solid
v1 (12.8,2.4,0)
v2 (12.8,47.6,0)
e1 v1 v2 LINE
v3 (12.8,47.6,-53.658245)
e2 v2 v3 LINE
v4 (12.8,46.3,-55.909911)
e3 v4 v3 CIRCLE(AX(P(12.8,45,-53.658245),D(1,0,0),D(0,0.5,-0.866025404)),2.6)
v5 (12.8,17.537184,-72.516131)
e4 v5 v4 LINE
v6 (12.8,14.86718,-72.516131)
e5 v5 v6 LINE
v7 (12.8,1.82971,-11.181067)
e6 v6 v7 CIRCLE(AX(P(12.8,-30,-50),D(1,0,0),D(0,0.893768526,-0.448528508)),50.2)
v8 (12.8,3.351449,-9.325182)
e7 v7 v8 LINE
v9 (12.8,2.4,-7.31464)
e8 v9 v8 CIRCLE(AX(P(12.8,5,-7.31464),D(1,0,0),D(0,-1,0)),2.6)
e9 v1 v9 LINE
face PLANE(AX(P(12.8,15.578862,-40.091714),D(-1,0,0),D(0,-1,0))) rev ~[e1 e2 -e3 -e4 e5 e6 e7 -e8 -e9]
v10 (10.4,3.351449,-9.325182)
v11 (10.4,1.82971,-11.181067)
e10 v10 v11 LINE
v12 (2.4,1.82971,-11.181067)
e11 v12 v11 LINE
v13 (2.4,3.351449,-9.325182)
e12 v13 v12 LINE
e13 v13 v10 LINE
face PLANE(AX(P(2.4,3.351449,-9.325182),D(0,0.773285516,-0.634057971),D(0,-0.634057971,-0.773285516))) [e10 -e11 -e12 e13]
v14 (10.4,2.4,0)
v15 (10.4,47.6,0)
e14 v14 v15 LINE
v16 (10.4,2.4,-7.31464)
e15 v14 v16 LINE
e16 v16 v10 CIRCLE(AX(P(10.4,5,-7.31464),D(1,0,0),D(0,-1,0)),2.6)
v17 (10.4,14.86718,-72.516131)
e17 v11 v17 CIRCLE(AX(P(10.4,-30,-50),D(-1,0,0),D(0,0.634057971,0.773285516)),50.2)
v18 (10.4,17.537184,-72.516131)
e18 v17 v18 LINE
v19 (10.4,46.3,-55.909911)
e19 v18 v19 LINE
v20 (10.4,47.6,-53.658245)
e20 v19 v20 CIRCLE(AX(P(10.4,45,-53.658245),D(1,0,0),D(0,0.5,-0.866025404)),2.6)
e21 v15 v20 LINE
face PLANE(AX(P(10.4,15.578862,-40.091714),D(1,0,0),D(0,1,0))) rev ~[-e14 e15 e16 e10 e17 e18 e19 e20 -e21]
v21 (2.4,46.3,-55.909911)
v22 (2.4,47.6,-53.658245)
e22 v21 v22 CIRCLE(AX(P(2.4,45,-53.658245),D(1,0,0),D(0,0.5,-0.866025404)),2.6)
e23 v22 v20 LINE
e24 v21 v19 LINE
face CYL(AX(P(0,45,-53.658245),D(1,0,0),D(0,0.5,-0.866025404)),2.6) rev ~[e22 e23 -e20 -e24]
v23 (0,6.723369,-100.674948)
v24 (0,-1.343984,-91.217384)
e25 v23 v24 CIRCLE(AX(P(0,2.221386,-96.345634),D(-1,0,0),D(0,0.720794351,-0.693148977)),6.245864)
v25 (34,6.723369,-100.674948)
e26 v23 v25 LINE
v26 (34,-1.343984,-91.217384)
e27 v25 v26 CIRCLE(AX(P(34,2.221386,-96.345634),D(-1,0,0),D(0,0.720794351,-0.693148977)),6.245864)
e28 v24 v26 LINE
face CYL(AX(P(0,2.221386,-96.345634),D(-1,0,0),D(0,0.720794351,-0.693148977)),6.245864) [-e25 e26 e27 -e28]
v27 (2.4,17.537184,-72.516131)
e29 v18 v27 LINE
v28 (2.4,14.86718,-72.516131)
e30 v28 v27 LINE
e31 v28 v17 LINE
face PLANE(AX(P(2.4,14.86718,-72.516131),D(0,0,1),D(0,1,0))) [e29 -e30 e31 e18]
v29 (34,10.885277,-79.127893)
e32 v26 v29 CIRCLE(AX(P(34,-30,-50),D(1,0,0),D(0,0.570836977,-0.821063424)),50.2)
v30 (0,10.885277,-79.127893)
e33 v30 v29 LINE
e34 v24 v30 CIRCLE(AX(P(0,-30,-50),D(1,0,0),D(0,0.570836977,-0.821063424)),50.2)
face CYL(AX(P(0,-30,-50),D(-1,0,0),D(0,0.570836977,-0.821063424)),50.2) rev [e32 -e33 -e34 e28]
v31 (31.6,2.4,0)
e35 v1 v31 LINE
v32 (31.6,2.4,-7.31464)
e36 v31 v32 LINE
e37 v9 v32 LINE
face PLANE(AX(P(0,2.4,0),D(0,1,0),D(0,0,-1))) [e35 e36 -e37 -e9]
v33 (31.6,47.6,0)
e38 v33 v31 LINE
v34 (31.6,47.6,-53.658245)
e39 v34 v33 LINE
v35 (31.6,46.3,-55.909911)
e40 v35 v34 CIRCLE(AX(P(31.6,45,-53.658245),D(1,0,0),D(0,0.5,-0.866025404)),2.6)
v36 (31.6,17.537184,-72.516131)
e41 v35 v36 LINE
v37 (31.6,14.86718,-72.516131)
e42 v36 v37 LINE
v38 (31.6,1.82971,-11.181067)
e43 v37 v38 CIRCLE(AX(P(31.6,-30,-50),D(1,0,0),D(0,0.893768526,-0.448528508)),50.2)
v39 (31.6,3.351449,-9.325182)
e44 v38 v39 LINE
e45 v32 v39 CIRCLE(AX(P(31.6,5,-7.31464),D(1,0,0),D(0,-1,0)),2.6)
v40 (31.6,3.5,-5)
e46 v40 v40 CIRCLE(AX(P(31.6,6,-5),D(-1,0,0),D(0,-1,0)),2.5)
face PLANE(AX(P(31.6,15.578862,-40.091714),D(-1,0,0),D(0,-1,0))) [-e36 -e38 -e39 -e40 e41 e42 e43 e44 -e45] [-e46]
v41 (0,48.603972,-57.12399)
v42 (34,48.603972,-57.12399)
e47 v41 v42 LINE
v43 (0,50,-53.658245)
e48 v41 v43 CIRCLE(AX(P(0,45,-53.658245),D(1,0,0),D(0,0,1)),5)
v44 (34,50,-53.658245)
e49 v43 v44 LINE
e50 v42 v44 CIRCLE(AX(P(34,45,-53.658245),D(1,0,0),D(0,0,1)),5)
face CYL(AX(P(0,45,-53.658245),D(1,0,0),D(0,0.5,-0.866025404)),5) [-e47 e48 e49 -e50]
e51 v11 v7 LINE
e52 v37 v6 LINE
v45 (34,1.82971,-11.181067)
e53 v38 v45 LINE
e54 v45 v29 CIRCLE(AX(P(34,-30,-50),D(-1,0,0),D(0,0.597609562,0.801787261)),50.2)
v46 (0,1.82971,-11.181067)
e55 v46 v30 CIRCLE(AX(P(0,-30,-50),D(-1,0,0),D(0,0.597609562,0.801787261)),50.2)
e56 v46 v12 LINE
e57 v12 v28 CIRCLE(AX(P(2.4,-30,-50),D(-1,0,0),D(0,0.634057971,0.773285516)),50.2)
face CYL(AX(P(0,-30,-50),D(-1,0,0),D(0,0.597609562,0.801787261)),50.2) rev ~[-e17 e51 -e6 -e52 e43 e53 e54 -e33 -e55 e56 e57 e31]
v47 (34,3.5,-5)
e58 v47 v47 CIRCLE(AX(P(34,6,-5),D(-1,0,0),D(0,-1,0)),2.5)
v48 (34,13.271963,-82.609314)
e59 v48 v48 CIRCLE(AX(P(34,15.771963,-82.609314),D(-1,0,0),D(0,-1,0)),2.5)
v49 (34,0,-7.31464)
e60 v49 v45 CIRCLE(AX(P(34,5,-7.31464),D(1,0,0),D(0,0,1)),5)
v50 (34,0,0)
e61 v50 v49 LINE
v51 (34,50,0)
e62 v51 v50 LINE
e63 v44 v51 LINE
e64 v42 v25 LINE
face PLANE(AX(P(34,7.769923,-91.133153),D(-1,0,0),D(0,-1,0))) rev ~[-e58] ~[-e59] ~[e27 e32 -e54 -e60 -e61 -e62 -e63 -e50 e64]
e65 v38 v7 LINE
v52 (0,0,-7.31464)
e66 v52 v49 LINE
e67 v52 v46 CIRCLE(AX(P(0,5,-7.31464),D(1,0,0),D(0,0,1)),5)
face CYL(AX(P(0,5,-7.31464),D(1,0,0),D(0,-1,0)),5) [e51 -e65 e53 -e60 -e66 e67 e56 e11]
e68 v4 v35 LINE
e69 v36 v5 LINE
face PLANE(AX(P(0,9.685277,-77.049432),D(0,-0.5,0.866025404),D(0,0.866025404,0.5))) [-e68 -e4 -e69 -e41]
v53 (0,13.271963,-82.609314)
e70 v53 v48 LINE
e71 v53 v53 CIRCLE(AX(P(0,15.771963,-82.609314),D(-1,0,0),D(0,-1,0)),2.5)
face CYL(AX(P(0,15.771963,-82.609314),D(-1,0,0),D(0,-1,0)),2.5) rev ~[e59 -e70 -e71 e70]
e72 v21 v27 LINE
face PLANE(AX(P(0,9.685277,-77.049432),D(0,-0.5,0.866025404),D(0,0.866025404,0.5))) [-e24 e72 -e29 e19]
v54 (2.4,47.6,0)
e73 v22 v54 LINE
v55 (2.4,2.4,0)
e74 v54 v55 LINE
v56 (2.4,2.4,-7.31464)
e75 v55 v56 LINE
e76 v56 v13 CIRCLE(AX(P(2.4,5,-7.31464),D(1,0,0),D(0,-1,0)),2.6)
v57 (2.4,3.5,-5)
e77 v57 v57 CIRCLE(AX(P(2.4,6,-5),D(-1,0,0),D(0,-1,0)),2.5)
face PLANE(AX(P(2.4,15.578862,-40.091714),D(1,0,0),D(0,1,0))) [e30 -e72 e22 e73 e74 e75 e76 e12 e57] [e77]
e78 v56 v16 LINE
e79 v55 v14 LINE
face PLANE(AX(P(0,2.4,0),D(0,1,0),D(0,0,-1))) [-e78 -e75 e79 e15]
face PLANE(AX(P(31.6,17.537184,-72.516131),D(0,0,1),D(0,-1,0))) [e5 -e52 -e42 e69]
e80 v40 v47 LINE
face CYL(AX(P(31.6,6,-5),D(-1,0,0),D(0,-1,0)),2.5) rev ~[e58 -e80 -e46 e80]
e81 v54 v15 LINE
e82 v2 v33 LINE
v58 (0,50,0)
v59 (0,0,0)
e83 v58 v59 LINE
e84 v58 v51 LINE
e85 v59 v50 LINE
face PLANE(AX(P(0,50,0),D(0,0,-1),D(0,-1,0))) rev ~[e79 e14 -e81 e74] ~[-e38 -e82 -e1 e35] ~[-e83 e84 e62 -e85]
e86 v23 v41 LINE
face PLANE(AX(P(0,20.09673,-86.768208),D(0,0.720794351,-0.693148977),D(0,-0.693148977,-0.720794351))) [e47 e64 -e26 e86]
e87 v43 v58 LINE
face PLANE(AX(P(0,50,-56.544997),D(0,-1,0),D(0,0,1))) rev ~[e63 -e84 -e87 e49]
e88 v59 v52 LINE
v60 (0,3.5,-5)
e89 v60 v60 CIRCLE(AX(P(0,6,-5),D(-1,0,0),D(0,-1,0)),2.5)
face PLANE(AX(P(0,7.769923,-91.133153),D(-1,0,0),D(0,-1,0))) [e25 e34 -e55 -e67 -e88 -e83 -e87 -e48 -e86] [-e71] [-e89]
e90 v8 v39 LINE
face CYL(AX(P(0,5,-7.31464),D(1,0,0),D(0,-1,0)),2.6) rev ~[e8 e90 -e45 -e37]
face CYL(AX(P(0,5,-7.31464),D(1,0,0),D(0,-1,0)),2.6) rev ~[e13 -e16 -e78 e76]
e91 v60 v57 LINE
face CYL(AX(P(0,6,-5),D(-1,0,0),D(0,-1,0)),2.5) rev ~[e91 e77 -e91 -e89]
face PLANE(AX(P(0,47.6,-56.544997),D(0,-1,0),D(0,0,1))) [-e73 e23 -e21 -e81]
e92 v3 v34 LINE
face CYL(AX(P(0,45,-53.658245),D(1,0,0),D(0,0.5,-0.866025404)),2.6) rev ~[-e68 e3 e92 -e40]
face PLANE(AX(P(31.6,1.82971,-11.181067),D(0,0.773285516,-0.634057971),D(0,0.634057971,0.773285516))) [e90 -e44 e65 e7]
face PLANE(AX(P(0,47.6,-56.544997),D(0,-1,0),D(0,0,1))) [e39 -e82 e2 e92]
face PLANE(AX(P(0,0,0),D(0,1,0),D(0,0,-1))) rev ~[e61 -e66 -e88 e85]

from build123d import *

# Parameters (mm, degrees)
F1_DEPTH  = 34
F2_R      = 5
F3_T      = -2.4
F4_W      = 2.4
F4_H      = 45.2
F6_R      = 2.5
F7_DEPTH  = 34
F9_DEPTH  = 34
F10_R     = 2.5
F11_DEPTH = 2.4
F12_R     = 2.5
F13_DEPTH = 2.401
F15_DEPTH = 18.8
F17_DEPTH = 8


with BuildPart() as f1:
    # F0 (on Right) → F1 (new body)
    with BuildSketch(Plane.YZ):
        with BuildLine():
            Line((10.8852769861, -79.1278925735), (50, -56.5449967121))
            Line((50, -56.5449967121), (50, 0))
            Line((50, 0), (0, 0))
            Line((0, 0), (0, -9.7502795041))
            ThreePointArc((0, -9.7502795041), (19.593285051, -42.2188639743), (10.8852769861, -79.1278925735))
        make_face()
    extrude(amount=F1_DEPTH)

    # F2
    f2_edges = [f1.edges().sort_by_distance(p)[0] for p in [
        (17, 50, -56.544997),
        (17, 0, -9.75028),
    ]]
    fillet(f2_edges, radius=F2_R)

    # F3
    f3_openings = [f1.faces().sort_by_distance(p)[0] for p in [
        (17, 25, 0),
    ]]
    offset(amount=F3_T, openings=f3_openings)

    # F4 (on face) → F5 (join, up to the next surface of F1)
    with BuildSketch(Plane.XY):
        with Locations((11.6, 25)):
            Rectangle(F4_W, F4_H)
    extrude(until=Until.NEXT, dir=(0, 0, -1))

    # F6 (on face) → F7 (join, through all)
    with BuildSketch(Plane(origin=(0, 0, 0), x_dir=(0, -1, 0), z_dir=(-1, 0, 0))):
        with BuildLine():
            Line((-48.6039717527, -57.1239902508), (-20.0967295817, -86.7682078582))
            ThreePointArc((-20.0967295817, -86.7682078582), (-11.9414879148, -87.2274799698), (-10.8852769861, -79.1278925735))
            Line((-10.8852769861, -79.1278925735), (-47.5, -57.9883723851))
            ThreePointArc((-47.5, -57.9883723851), (-48.0824352237, -57.5950706216), (-48.6039717527, -57.1239902508))
        make_face()
        with Locations((-15.7719634784, -82.6093139966)):
            Circle(F6_R, mode=Mode.SUBTRACT)
    extrude(amount=-F7_DEPTH)

    # F8 (on face) → F9 (join, through all)
    with BuildSketch(Plane(origin=(0, 0, 0), x_dir=(0, -1, 0), z_dir=(-1, 0, 0))):
        with BuildLine():
            ThreePointArc((-10.8852769861, -79.1278925735), (-11.9414879148, -87.2274799698), (-20.0967295817, -86.7682078582))
            Line((-20.0967295817, -86.7682078582), (-6.7233692079, -100.6749478608))
            ThreePointArc((-6.7233692079, -100.6749478608), (2.530528301, -100.3990424948), (1.3439837691, -91.2173838783))
            ThreePointArc((1.3439837691, -91.2173838783), (-5.2921636568, -85.7001846553), (-10.8852769861, -79.1278925735))
        make_face()
    extrude(amount=-F9_DEPTH)

    # F10 (on face) → F11 (cut, through all)
    with BuildSketch(Plane(origin=(0, 0, 0), x_dir=(0, -1, 0), z_dir=(-1, 0, 0))):
        with Locations((-6, -5)):
            Circle(F10_R)
    extrude(amount=-F11_DEPTH, mode=Mode.SUBTRACT)

    # F12 (on face) → F13 (cut, through all)
    with BuildSketch(Plane(origin=(31.6, 0, 0), x_dir=(0, -1, 0), z_dir=(-1, 0, 0))):
        with Locations((-6, -5)):
            Circle(F12_R)
    extrude(amount=-F13_DEPTH, mode=Mode.SUBTRACT)

    # F14 (on face) → F15 (cut, through all)
    with BuildSketch(Plane(origin=(31.6, 0, 0), x_dir=(0, -1, 0), z_dir=(-1, 0, 0))):
        with BuildLine():
            ThreePointArc((-3.3514492754, -9.3251818537), (-21.3226729199, -38.4785745519), (-17.5371837569, -72.5161311166))
            Line((-17.5371837569, -72.5161311166), (-14.867179982, -72.5161311166))
            ThreePointArc((-14.867179982, -72.5161311166), (-19.1029607916, -39.5626037012), (-1.8297101449, -11.1810670923))
            Line((-1.8297101449, -11.1810670923), (-3.3514492754, -9.3251818537))
        make_face()
    extrude(amount=F15_DEPTH, mode=Mode.SUBTRACT)

    # F16 (on face) → F17 (cut, through all)
    with BuildSketch(Plane.YZ.offset(2.4)):
        with BuildLine():
            Line((14.867179982, -72.5161311166), (17.5371837569, -72.5161311166))
            ThreePointArc((17.5371837569, -72.5161311166), (21.3226729199, -38.4785745519), (3.3514492754, -9.3251818537))
            Line((3.3514492754, -9.3251818537), (1.8297101449, -11.1810670923))
            ThreePointArc((1.8297101449, -11.1810670923), (19.1029607916, -39.5626037012), (14.867179982, -72.5161311166))
        make_face()
    extrude(amount=F17_DEPTH, mode=Mode.SUBTRACT)


solid = f1.part
